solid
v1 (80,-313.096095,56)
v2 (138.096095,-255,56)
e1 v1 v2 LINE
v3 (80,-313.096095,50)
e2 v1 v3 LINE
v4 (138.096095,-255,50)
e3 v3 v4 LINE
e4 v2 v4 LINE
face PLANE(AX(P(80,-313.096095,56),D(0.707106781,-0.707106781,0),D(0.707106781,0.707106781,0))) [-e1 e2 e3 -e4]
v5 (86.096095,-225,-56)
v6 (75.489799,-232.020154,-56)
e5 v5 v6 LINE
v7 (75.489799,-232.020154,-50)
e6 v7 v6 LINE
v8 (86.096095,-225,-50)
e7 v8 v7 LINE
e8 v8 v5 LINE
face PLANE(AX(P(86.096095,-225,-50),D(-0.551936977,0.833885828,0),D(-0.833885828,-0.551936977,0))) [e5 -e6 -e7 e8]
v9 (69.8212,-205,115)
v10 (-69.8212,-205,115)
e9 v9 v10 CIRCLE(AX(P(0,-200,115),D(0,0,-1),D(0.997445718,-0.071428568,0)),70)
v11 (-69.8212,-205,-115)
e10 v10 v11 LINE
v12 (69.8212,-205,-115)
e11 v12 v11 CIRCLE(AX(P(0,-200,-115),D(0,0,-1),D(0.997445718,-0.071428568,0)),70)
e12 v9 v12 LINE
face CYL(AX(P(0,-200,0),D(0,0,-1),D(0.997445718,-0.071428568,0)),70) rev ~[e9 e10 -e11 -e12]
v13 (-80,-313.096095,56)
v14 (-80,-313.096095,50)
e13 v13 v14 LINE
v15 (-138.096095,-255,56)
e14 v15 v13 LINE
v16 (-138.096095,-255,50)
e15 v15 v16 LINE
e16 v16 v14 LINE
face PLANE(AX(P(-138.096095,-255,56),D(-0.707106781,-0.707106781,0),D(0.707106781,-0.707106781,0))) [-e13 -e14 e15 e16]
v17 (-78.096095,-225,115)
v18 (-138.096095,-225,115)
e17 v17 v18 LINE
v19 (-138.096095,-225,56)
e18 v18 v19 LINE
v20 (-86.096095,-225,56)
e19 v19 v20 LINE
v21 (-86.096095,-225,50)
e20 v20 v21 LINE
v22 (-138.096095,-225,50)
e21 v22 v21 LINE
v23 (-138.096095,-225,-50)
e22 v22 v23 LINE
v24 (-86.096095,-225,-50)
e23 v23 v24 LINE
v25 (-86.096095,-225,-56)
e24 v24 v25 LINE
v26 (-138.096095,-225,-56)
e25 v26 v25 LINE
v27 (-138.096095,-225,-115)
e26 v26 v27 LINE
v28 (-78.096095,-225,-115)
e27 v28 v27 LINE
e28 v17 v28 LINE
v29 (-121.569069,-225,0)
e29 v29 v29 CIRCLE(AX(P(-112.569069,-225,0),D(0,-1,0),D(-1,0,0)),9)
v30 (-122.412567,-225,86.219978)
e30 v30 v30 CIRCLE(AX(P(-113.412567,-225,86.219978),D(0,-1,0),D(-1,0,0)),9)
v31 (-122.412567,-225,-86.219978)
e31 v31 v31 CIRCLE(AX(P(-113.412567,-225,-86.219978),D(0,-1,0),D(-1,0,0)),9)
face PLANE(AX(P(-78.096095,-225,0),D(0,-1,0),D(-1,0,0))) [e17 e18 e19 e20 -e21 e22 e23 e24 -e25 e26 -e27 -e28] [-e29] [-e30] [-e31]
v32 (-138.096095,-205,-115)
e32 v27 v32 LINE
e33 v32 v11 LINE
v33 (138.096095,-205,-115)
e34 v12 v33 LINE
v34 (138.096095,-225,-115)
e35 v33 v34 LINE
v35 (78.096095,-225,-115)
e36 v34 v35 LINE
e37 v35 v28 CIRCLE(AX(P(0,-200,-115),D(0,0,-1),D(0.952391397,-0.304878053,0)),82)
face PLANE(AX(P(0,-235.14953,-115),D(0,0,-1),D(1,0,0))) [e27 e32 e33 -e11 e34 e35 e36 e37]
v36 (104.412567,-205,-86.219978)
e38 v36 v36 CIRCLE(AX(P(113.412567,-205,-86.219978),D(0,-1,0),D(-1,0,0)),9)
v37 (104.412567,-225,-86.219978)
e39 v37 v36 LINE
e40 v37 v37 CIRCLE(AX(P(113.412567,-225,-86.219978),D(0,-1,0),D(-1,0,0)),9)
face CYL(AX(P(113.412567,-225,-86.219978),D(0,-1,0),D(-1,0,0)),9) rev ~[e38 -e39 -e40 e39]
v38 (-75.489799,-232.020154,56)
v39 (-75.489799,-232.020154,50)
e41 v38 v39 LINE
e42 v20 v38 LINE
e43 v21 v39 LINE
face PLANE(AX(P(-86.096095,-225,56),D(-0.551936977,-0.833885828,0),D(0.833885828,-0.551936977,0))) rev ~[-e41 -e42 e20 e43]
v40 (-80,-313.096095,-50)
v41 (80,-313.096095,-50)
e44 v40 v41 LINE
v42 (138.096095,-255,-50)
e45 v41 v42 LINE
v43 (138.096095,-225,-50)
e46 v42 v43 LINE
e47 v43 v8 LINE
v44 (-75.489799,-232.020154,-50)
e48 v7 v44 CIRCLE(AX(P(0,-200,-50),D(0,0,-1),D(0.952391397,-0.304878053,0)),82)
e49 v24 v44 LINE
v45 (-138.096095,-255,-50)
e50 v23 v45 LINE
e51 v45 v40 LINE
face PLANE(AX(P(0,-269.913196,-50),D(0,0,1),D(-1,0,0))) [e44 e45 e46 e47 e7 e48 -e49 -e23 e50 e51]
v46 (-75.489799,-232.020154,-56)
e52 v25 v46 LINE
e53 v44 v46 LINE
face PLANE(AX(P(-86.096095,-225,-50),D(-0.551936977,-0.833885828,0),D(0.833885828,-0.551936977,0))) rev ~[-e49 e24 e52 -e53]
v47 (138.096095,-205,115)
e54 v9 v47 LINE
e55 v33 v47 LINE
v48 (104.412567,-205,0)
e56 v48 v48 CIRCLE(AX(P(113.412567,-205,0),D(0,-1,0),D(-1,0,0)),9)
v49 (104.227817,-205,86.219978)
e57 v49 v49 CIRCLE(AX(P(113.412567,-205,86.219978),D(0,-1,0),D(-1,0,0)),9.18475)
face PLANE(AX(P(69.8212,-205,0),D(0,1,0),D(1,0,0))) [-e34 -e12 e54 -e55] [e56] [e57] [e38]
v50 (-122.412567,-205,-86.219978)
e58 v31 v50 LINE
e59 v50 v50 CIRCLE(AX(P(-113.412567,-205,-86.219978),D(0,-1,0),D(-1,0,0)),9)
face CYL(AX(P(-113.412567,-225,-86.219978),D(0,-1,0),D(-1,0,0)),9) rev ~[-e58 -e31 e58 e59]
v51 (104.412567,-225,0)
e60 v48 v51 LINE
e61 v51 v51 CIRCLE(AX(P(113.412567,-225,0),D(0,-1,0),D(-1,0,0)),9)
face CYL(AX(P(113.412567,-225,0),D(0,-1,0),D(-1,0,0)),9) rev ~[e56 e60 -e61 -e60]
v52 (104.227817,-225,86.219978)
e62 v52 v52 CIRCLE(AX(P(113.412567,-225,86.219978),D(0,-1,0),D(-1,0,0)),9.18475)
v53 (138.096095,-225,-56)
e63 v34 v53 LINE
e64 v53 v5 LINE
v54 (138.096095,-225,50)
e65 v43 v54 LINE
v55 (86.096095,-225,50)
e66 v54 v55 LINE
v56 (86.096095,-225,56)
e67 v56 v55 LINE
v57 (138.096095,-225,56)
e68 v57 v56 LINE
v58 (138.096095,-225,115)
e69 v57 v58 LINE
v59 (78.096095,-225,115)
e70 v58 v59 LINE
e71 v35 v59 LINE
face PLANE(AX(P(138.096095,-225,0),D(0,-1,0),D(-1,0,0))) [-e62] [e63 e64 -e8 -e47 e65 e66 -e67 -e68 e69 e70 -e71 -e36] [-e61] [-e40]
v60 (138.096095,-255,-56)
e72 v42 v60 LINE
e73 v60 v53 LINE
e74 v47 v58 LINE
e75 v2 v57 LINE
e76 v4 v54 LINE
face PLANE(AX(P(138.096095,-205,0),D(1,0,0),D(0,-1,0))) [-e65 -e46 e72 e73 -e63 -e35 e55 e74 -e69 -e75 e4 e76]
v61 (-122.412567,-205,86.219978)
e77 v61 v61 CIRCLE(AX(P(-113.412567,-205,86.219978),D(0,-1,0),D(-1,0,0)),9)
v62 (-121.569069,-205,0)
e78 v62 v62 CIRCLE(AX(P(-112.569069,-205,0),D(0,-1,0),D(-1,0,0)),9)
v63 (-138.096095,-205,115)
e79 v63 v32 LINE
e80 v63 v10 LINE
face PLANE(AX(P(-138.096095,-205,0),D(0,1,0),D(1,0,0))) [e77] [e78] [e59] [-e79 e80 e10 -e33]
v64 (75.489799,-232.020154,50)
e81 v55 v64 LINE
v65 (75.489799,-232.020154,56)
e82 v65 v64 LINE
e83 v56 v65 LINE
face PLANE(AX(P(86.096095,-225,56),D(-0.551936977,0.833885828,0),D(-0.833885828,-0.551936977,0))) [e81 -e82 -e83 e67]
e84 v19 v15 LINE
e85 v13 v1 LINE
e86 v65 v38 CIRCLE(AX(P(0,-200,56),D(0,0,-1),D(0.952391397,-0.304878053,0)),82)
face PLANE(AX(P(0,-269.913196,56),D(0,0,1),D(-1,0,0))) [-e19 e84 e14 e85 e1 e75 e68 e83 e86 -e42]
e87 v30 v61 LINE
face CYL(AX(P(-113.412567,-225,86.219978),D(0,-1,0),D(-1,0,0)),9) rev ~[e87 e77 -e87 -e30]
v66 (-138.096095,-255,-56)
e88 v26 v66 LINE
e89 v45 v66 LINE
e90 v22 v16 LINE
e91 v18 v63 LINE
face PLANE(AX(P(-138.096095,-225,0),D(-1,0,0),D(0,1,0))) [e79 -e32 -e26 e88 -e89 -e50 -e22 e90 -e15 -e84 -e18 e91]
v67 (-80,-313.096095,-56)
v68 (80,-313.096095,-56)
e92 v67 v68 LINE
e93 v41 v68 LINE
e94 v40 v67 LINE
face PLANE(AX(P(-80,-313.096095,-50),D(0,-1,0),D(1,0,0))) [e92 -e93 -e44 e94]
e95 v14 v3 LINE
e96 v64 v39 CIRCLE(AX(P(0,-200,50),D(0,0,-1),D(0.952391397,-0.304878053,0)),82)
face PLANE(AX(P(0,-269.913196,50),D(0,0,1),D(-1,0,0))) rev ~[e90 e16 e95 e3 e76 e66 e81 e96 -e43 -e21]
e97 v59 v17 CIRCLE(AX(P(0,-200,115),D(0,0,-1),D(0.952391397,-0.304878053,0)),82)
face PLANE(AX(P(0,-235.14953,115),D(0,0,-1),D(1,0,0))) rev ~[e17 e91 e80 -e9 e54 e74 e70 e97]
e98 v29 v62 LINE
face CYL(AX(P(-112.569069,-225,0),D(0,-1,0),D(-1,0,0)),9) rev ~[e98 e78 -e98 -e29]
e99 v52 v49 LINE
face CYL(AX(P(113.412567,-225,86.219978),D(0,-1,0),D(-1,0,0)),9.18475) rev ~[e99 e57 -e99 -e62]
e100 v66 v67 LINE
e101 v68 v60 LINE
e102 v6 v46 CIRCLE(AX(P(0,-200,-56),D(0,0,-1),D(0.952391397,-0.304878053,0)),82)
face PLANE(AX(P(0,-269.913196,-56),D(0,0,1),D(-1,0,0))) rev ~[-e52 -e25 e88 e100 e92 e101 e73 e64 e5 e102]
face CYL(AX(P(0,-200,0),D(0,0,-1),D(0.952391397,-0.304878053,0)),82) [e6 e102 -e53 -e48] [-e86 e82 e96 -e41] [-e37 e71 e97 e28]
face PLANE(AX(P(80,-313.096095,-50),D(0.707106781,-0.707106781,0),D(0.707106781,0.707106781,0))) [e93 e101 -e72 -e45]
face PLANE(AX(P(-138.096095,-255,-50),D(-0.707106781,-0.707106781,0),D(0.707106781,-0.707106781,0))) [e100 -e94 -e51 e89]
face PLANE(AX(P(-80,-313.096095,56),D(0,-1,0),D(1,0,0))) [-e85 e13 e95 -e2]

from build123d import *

# Parameters (mm, degrees)
EXTRUDE002_DEPTH         = 6
SKETCH003_R              = 9
SKETCH003_R_2            = 9.18475
EXTRUDE003_DEPTH         = 30
EXTRUDE001_DEPTH         = 115
CLONE002_PLACEMENT_ANGLE = 180


with BuildPart() as extrude002:
    # Sketch002 → Extrude002 (new body)
    with BuildSketch(Plane.XY):
        with BuildLine():
            Line((-138.096095, -175), (-138.096095, -145))
            Line((-138.096095, -145), (-80, -86.903905))
            Line((-80, -86.903905), (80, -86.903905))
            Line((80, -86.903905), (138.096095, -145))
            Line((138.096095, -145), (138.096095, -175))
            Line((138.096095, -175), (86.096095, -175))
            Line((86.096095, -175), (74.344944, -167.222083))
            ThreePointArc((74.344944, -167.222083), (0, -118.75), (-74.344944, -167.222083))
            Line((-86.096095, -175), (-74.344944, -167.222083))
            Line((-138.096095, -175), (-86.096095, -175))
        make_face()
    extrude(amount=EXTRUDE002_DEPTH)


with BuildPart() as extrude002_1:
    # Extrude002 placement: moved
    add(extrude002.part.moved(Location((0, 0, 50))))


with BuildPart() as loch:
    # Sketch003 (on Face3 of Extrude001) → Extrude003 (new body, symmetric)
    with BuildSketch(Plane(origin=(0, -175, 0), x_dir=(-1, 0, 0), z_dir=(0, 1, 0))):
        with Locations((-113.412567, 86.219978)):
            Circle(SKETCH003_R)
        with Locations((-113.412567, -86.219978)):
            Circle(SKETCH003_R_2)
        with Locations((113.412567, -86.219978)):
            Circle(SKETCH003_R)
        with Locations((113.412567, 86.219978)):
            Circle(SKETCH003_R)
        with Locations((112.569069, 0)):
            Circle(SKETCH003_R)
        with Locations((-113.412567, 0)):
            Circle(SKETCH003_R)
    extrude(amount=EXTRUDE003_DEPTH, both=True)


with BuildPart() as cut:
    # Sketch001 → Extrude001 (new body, symmetric)
    with BuildSketch(Plane.XY):
        with BuildLine():
            ThreePointArc((78.096095, -175), (0, -118), (-78.096095, -175))
            Line((-78.096095, -175), (-138.096095, -175))
            Line((-138.096095, -175), (-138.096095, -195))
            Line((-138.096095, -195), (-69.8212, -195))
            ThreePointArc((69.8212, -195), (0, -130), (-69.8212, -195))
            Line((69.8212, -195), (138.096095, -195))
            Line((138.096095, -195), (138.096095, -175))
            Line((138.096095, -175), (78.096095, -175))
        make_face()
    extrude(amount=EXTRUDE001_DEPTH, both=True)

    # Cut: cut Loch
    add(loch.part, mode=Mode.SUBTRACT)


with BuildPart() as schelle001:
    # Clone001 base: copy of Extrude002
    add(extrude002_1.part)


with BuildPart() as schelle001_1:
    # Clone001 placement: moved
    add(schelle001.part.moved(Location((0, 0, -106))))

    # Fusion: union Extrude002, Cut
    add(extrude002_1.part)
    add(cut.part)


with BuildPart() as schelle001_2:
    # Clone002 placement: moved
    add(schelle001_1.part.moved(Location((0, -400, 0))).rotate(Axis((0, -400, 0), (1, 0, 0)), CLONE002_PLACEMENT_ANGLE))


solid = schelle001_2.part
